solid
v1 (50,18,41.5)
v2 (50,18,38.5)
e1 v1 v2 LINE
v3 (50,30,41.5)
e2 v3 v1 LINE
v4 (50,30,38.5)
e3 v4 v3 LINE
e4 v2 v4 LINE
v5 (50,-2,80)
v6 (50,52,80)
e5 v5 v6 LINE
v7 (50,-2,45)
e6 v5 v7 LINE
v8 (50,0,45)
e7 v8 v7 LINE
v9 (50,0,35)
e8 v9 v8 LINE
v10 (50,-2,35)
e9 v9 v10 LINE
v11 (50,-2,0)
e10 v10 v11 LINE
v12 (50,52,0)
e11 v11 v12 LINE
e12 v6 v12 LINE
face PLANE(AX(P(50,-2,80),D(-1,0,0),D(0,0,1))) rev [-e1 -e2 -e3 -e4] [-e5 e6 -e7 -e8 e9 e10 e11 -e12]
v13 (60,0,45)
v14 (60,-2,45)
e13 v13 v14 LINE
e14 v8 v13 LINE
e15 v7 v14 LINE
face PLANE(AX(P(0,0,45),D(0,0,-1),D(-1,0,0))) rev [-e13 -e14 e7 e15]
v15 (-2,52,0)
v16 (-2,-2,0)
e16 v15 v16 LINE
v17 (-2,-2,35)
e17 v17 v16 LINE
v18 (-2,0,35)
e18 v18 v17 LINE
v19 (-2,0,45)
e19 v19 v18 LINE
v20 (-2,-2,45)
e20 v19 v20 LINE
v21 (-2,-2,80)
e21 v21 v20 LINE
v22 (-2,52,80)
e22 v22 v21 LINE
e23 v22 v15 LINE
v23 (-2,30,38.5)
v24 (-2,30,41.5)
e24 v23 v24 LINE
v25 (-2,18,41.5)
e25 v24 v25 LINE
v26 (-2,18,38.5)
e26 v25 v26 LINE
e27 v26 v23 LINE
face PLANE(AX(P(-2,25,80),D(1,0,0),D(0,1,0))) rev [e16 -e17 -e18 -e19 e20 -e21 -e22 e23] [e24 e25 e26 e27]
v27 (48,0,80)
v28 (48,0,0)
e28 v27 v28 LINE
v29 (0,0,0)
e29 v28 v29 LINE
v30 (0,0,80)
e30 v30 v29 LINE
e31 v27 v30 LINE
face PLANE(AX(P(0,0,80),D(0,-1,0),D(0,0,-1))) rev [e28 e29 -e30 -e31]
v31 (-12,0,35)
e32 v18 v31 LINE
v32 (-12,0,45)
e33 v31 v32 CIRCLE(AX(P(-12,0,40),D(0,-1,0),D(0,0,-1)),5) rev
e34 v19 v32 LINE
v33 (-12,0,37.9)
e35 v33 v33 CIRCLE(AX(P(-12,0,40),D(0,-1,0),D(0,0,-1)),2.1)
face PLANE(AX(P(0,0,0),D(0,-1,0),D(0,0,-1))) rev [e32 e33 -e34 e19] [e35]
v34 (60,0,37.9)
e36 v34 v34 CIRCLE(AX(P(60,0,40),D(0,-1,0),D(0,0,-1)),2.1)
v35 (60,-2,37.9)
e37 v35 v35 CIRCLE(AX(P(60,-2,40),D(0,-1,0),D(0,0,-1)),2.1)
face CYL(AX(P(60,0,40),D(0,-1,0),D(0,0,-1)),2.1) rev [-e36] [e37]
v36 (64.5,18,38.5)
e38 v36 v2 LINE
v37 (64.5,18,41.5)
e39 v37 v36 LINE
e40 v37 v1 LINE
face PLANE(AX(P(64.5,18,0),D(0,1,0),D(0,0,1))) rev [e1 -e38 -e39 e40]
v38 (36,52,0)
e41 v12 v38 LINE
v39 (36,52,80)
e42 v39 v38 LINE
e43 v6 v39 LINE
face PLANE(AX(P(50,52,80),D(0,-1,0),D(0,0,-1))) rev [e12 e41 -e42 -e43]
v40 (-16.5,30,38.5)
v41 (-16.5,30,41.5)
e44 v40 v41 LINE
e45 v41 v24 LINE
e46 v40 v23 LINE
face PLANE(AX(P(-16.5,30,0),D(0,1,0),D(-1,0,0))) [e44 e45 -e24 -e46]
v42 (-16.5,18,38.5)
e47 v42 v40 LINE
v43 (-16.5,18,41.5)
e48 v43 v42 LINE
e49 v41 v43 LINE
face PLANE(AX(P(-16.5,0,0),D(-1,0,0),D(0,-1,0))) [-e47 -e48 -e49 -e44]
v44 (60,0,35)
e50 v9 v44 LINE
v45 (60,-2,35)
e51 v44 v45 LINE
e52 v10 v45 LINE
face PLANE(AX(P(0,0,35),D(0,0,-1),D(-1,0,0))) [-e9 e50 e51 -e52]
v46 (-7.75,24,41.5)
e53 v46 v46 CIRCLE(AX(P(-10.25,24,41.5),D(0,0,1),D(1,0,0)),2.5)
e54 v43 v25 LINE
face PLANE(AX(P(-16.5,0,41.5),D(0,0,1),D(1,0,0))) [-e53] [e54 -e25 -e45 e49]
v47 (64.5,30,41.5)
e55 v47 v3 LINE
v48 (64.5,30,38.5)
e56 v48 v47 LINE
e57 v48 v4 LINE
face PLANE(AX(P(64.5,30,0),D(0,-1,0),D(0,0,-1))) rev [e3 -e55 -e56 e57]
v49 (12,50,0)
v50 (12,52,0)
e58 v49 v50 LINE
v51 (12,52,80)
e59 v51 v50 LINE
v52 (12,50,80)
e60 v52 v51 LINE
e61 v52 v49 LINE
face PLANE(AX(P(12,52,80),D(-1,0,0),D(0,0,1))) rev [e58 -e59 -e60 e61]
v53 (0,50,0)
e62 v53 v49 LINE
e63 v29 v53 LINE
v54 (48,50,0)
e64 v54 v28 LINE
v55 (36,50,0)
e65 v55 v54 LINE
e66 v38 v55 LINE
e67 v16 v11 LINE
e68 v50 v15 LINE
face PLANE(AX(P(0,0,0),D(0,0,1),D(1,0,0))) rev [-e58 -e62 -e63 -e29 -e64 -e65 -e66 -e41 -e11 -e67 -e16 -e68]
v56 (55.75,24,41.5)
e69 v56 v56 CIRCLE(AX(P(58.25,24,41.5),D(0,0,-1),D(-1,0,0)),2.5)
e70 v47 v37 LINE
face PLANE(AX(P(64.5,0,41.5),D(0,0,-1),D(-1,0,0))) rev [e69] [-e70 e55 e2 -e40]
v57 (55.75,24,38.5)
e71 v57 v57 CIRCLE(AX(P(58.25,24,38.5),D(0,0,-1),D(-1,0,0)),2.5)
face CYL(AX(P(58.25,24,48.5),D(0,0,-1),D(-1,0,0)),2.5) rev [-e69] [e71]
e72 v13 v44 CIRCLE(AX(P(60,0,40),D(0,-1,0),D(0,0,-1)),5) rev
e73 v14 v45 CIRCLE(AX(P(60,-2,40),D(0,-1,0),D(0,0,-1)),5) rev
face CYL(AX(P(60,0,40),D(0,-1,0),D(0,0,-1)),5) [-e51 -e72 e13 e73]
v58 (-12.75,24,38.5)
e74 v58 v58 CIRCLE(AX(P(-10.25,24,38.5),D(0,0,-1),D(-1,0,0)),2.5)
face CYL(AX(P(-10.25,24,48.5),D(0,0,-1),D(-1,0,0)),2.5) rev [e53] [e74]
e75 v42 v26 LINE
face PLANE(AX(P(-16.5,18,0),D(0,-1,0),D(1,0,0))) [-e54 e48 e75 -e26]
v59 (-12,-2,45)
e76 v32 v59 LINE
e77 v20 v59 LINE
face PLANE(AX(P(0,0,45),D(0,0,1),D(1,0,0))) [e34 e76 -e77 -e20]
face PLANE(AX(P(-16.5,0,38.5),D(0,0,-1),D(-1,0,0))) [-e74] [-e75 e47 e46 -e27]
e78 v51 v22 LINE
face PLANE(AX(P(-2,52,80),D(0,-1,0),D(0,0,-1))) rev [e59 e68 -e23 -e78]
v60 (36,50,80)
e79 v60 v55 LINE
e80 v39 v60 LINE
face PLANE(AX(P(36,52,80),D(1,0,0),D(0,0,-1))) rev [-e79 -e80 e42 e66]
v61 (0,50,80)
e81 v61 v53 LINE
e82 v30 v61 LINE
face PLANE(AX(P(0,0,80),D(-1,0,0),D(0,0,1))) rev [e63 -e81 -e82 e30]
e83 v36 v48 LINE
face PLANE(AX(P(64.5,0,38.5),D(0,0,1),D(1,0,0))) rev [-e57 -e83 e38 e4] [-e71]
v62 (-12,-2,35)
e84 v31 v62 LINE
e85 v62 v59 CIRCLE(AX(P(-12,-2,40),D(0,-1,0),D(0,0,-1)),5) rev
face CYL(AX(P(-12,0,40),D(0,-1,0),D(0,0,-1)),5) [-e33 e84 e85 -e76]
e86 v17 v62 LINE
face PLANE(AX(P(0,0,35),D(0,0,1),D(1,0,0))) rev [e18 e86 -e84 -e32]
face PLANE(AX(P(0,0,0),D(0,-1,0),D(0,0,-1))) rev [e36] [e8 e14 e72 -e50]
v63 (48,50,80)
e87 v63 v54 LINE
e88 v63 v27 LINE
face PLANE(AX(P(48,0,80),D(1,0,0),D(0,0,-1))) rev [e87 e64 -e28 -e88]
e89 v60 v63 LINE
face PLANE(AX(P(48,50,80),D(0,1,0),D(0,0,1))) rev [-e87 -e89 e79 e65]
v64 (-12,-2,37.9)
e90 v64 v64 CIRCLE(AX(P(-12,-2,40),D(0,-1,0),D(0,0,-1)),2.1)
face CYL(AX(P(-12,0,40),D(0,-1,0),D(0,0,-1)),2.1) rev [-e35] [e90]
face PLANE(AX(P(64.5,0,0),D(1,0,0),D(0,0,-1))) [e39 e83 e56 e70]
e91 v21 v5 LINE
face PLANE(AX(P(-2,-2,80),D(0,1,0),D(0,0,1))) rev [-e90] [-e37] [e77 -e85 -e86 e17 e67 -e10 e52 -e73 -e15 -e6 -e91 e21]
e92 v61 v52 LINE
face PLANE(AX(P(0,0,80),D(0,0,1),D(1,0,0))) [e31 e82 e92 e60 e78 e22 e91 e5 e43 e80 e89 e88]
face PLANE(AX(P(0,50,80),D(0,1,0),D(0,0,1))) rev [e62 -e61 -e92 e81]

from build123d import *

# Parameters (mm, degrees)
BOSS_EXTRUDE1_DEPTH = 80
SKETCH2_R           = 2.1
BOSS_EXTRUDE2_DEPTH = 2
SKETCH3_W           = 3
SKETCH3_H           = 5
SKETCH3_H_2         = 7
BOSS_EXTRUDE3_DEPTH = 14.5
SKETCH5_W           = 3
SKETCH5_H           = 5
SKETCH5_H_2         = 7
BOSS_EXTRUDE4_DEPTH = 14.5
SKETCH8_R           = 2.5
CUT_EXTRUDE1_DEPTH  = 10


with BuildPart() as part:
    # Sketch1 → Boss-Extrude1 (new body)
    with BuildSketch(Plane.XY):
        Polygon((0, 0), (0, 50), (12, 50), (12, 52), (-2, 52), (-2, 25), (-2, -2), (50, -2), (50, 52), (36, 52), (36, 50), (48, 50), (48, 0), align=None)
    extrude(amount=BOSS_EXTRUDE1_DEPTH)

    # Sketch2 → Boss-Extrude2 (add)
    with BuildSketch(Plane.XZ.offset(2)):
        with BuildLine():
            Line((60, 45), (50, 45))
            Line((50, 45), (50, 35))
            Line((50, 35), (60, 35))
            ThreePointArc((60, 35), (65, 40), (60, 45))
        make_face()
        with Locations((60, 40)):
            Circle(SKETCH2_R, mode=Mode.SUBTRACT)
        with BuildLine():
            Line((-2, 35), (-2, 45))
            Line((-2, 45), (-12, 45))
            ThreePointArc((-12, 45), (-17, 40), (-12, 35))
            Line((-12, 35), (-2, 35))
        make_face()
        with Locations((-12, 40)):
            Circle(SKETCH2_R, mode=Mode.SUBTRACT)
    extrude(amount=-BOSS_EXTRUDE2_DEPTH)

    # Sketch3 → Boss-Extrude3 (add)
    with BuildSketch(Plane.ZY.offset(2)):
        with Locations((40, 27.5)):
            Rectangle(SKETCH3_W, SKETCH3_H)
        with Locations((40, 21.5)):
            Rectangle(SKETCH3_W, SKETCH3_H_2)
    extrude(amount=BOSS_EXTRUDE3_DEPTH)

    # Sketch5 → Boss-Extrude4 (add)
    with BuildSketch(Plane(origin=(50, 0, 0), x_dir=(0, 0, -1), z_dir=(1, 0, 0))):
        with Locations((-40, 27.5)):
            Rectangle(SKETCH5_W, SKETCH5_H)
        with Locations((-40, 21.5)):
            Rectangle(SKETCH5_W, SKETCH5_H_2)
    extrude(amount=BOSS_EXTRUDE4_DEPTH)

    # Sketch8 → Cut-Extrude1 (cut)
    with BuildSketch(Plane(origin=(0, 0, 38.5), x_dir=(-1, 0, 0), z_dir=(0, 0, -1))):
        with Locations((-58.25, 24)):
            Circle(SKETCH8_R)
        with Locations((10.25, 24)):
            Circle(SKETCH8_R)
    extrude(amount=-CUT_EXTRUDE1_DEPTH, mode=Mode.SUBTRACT)


solid = part.part
